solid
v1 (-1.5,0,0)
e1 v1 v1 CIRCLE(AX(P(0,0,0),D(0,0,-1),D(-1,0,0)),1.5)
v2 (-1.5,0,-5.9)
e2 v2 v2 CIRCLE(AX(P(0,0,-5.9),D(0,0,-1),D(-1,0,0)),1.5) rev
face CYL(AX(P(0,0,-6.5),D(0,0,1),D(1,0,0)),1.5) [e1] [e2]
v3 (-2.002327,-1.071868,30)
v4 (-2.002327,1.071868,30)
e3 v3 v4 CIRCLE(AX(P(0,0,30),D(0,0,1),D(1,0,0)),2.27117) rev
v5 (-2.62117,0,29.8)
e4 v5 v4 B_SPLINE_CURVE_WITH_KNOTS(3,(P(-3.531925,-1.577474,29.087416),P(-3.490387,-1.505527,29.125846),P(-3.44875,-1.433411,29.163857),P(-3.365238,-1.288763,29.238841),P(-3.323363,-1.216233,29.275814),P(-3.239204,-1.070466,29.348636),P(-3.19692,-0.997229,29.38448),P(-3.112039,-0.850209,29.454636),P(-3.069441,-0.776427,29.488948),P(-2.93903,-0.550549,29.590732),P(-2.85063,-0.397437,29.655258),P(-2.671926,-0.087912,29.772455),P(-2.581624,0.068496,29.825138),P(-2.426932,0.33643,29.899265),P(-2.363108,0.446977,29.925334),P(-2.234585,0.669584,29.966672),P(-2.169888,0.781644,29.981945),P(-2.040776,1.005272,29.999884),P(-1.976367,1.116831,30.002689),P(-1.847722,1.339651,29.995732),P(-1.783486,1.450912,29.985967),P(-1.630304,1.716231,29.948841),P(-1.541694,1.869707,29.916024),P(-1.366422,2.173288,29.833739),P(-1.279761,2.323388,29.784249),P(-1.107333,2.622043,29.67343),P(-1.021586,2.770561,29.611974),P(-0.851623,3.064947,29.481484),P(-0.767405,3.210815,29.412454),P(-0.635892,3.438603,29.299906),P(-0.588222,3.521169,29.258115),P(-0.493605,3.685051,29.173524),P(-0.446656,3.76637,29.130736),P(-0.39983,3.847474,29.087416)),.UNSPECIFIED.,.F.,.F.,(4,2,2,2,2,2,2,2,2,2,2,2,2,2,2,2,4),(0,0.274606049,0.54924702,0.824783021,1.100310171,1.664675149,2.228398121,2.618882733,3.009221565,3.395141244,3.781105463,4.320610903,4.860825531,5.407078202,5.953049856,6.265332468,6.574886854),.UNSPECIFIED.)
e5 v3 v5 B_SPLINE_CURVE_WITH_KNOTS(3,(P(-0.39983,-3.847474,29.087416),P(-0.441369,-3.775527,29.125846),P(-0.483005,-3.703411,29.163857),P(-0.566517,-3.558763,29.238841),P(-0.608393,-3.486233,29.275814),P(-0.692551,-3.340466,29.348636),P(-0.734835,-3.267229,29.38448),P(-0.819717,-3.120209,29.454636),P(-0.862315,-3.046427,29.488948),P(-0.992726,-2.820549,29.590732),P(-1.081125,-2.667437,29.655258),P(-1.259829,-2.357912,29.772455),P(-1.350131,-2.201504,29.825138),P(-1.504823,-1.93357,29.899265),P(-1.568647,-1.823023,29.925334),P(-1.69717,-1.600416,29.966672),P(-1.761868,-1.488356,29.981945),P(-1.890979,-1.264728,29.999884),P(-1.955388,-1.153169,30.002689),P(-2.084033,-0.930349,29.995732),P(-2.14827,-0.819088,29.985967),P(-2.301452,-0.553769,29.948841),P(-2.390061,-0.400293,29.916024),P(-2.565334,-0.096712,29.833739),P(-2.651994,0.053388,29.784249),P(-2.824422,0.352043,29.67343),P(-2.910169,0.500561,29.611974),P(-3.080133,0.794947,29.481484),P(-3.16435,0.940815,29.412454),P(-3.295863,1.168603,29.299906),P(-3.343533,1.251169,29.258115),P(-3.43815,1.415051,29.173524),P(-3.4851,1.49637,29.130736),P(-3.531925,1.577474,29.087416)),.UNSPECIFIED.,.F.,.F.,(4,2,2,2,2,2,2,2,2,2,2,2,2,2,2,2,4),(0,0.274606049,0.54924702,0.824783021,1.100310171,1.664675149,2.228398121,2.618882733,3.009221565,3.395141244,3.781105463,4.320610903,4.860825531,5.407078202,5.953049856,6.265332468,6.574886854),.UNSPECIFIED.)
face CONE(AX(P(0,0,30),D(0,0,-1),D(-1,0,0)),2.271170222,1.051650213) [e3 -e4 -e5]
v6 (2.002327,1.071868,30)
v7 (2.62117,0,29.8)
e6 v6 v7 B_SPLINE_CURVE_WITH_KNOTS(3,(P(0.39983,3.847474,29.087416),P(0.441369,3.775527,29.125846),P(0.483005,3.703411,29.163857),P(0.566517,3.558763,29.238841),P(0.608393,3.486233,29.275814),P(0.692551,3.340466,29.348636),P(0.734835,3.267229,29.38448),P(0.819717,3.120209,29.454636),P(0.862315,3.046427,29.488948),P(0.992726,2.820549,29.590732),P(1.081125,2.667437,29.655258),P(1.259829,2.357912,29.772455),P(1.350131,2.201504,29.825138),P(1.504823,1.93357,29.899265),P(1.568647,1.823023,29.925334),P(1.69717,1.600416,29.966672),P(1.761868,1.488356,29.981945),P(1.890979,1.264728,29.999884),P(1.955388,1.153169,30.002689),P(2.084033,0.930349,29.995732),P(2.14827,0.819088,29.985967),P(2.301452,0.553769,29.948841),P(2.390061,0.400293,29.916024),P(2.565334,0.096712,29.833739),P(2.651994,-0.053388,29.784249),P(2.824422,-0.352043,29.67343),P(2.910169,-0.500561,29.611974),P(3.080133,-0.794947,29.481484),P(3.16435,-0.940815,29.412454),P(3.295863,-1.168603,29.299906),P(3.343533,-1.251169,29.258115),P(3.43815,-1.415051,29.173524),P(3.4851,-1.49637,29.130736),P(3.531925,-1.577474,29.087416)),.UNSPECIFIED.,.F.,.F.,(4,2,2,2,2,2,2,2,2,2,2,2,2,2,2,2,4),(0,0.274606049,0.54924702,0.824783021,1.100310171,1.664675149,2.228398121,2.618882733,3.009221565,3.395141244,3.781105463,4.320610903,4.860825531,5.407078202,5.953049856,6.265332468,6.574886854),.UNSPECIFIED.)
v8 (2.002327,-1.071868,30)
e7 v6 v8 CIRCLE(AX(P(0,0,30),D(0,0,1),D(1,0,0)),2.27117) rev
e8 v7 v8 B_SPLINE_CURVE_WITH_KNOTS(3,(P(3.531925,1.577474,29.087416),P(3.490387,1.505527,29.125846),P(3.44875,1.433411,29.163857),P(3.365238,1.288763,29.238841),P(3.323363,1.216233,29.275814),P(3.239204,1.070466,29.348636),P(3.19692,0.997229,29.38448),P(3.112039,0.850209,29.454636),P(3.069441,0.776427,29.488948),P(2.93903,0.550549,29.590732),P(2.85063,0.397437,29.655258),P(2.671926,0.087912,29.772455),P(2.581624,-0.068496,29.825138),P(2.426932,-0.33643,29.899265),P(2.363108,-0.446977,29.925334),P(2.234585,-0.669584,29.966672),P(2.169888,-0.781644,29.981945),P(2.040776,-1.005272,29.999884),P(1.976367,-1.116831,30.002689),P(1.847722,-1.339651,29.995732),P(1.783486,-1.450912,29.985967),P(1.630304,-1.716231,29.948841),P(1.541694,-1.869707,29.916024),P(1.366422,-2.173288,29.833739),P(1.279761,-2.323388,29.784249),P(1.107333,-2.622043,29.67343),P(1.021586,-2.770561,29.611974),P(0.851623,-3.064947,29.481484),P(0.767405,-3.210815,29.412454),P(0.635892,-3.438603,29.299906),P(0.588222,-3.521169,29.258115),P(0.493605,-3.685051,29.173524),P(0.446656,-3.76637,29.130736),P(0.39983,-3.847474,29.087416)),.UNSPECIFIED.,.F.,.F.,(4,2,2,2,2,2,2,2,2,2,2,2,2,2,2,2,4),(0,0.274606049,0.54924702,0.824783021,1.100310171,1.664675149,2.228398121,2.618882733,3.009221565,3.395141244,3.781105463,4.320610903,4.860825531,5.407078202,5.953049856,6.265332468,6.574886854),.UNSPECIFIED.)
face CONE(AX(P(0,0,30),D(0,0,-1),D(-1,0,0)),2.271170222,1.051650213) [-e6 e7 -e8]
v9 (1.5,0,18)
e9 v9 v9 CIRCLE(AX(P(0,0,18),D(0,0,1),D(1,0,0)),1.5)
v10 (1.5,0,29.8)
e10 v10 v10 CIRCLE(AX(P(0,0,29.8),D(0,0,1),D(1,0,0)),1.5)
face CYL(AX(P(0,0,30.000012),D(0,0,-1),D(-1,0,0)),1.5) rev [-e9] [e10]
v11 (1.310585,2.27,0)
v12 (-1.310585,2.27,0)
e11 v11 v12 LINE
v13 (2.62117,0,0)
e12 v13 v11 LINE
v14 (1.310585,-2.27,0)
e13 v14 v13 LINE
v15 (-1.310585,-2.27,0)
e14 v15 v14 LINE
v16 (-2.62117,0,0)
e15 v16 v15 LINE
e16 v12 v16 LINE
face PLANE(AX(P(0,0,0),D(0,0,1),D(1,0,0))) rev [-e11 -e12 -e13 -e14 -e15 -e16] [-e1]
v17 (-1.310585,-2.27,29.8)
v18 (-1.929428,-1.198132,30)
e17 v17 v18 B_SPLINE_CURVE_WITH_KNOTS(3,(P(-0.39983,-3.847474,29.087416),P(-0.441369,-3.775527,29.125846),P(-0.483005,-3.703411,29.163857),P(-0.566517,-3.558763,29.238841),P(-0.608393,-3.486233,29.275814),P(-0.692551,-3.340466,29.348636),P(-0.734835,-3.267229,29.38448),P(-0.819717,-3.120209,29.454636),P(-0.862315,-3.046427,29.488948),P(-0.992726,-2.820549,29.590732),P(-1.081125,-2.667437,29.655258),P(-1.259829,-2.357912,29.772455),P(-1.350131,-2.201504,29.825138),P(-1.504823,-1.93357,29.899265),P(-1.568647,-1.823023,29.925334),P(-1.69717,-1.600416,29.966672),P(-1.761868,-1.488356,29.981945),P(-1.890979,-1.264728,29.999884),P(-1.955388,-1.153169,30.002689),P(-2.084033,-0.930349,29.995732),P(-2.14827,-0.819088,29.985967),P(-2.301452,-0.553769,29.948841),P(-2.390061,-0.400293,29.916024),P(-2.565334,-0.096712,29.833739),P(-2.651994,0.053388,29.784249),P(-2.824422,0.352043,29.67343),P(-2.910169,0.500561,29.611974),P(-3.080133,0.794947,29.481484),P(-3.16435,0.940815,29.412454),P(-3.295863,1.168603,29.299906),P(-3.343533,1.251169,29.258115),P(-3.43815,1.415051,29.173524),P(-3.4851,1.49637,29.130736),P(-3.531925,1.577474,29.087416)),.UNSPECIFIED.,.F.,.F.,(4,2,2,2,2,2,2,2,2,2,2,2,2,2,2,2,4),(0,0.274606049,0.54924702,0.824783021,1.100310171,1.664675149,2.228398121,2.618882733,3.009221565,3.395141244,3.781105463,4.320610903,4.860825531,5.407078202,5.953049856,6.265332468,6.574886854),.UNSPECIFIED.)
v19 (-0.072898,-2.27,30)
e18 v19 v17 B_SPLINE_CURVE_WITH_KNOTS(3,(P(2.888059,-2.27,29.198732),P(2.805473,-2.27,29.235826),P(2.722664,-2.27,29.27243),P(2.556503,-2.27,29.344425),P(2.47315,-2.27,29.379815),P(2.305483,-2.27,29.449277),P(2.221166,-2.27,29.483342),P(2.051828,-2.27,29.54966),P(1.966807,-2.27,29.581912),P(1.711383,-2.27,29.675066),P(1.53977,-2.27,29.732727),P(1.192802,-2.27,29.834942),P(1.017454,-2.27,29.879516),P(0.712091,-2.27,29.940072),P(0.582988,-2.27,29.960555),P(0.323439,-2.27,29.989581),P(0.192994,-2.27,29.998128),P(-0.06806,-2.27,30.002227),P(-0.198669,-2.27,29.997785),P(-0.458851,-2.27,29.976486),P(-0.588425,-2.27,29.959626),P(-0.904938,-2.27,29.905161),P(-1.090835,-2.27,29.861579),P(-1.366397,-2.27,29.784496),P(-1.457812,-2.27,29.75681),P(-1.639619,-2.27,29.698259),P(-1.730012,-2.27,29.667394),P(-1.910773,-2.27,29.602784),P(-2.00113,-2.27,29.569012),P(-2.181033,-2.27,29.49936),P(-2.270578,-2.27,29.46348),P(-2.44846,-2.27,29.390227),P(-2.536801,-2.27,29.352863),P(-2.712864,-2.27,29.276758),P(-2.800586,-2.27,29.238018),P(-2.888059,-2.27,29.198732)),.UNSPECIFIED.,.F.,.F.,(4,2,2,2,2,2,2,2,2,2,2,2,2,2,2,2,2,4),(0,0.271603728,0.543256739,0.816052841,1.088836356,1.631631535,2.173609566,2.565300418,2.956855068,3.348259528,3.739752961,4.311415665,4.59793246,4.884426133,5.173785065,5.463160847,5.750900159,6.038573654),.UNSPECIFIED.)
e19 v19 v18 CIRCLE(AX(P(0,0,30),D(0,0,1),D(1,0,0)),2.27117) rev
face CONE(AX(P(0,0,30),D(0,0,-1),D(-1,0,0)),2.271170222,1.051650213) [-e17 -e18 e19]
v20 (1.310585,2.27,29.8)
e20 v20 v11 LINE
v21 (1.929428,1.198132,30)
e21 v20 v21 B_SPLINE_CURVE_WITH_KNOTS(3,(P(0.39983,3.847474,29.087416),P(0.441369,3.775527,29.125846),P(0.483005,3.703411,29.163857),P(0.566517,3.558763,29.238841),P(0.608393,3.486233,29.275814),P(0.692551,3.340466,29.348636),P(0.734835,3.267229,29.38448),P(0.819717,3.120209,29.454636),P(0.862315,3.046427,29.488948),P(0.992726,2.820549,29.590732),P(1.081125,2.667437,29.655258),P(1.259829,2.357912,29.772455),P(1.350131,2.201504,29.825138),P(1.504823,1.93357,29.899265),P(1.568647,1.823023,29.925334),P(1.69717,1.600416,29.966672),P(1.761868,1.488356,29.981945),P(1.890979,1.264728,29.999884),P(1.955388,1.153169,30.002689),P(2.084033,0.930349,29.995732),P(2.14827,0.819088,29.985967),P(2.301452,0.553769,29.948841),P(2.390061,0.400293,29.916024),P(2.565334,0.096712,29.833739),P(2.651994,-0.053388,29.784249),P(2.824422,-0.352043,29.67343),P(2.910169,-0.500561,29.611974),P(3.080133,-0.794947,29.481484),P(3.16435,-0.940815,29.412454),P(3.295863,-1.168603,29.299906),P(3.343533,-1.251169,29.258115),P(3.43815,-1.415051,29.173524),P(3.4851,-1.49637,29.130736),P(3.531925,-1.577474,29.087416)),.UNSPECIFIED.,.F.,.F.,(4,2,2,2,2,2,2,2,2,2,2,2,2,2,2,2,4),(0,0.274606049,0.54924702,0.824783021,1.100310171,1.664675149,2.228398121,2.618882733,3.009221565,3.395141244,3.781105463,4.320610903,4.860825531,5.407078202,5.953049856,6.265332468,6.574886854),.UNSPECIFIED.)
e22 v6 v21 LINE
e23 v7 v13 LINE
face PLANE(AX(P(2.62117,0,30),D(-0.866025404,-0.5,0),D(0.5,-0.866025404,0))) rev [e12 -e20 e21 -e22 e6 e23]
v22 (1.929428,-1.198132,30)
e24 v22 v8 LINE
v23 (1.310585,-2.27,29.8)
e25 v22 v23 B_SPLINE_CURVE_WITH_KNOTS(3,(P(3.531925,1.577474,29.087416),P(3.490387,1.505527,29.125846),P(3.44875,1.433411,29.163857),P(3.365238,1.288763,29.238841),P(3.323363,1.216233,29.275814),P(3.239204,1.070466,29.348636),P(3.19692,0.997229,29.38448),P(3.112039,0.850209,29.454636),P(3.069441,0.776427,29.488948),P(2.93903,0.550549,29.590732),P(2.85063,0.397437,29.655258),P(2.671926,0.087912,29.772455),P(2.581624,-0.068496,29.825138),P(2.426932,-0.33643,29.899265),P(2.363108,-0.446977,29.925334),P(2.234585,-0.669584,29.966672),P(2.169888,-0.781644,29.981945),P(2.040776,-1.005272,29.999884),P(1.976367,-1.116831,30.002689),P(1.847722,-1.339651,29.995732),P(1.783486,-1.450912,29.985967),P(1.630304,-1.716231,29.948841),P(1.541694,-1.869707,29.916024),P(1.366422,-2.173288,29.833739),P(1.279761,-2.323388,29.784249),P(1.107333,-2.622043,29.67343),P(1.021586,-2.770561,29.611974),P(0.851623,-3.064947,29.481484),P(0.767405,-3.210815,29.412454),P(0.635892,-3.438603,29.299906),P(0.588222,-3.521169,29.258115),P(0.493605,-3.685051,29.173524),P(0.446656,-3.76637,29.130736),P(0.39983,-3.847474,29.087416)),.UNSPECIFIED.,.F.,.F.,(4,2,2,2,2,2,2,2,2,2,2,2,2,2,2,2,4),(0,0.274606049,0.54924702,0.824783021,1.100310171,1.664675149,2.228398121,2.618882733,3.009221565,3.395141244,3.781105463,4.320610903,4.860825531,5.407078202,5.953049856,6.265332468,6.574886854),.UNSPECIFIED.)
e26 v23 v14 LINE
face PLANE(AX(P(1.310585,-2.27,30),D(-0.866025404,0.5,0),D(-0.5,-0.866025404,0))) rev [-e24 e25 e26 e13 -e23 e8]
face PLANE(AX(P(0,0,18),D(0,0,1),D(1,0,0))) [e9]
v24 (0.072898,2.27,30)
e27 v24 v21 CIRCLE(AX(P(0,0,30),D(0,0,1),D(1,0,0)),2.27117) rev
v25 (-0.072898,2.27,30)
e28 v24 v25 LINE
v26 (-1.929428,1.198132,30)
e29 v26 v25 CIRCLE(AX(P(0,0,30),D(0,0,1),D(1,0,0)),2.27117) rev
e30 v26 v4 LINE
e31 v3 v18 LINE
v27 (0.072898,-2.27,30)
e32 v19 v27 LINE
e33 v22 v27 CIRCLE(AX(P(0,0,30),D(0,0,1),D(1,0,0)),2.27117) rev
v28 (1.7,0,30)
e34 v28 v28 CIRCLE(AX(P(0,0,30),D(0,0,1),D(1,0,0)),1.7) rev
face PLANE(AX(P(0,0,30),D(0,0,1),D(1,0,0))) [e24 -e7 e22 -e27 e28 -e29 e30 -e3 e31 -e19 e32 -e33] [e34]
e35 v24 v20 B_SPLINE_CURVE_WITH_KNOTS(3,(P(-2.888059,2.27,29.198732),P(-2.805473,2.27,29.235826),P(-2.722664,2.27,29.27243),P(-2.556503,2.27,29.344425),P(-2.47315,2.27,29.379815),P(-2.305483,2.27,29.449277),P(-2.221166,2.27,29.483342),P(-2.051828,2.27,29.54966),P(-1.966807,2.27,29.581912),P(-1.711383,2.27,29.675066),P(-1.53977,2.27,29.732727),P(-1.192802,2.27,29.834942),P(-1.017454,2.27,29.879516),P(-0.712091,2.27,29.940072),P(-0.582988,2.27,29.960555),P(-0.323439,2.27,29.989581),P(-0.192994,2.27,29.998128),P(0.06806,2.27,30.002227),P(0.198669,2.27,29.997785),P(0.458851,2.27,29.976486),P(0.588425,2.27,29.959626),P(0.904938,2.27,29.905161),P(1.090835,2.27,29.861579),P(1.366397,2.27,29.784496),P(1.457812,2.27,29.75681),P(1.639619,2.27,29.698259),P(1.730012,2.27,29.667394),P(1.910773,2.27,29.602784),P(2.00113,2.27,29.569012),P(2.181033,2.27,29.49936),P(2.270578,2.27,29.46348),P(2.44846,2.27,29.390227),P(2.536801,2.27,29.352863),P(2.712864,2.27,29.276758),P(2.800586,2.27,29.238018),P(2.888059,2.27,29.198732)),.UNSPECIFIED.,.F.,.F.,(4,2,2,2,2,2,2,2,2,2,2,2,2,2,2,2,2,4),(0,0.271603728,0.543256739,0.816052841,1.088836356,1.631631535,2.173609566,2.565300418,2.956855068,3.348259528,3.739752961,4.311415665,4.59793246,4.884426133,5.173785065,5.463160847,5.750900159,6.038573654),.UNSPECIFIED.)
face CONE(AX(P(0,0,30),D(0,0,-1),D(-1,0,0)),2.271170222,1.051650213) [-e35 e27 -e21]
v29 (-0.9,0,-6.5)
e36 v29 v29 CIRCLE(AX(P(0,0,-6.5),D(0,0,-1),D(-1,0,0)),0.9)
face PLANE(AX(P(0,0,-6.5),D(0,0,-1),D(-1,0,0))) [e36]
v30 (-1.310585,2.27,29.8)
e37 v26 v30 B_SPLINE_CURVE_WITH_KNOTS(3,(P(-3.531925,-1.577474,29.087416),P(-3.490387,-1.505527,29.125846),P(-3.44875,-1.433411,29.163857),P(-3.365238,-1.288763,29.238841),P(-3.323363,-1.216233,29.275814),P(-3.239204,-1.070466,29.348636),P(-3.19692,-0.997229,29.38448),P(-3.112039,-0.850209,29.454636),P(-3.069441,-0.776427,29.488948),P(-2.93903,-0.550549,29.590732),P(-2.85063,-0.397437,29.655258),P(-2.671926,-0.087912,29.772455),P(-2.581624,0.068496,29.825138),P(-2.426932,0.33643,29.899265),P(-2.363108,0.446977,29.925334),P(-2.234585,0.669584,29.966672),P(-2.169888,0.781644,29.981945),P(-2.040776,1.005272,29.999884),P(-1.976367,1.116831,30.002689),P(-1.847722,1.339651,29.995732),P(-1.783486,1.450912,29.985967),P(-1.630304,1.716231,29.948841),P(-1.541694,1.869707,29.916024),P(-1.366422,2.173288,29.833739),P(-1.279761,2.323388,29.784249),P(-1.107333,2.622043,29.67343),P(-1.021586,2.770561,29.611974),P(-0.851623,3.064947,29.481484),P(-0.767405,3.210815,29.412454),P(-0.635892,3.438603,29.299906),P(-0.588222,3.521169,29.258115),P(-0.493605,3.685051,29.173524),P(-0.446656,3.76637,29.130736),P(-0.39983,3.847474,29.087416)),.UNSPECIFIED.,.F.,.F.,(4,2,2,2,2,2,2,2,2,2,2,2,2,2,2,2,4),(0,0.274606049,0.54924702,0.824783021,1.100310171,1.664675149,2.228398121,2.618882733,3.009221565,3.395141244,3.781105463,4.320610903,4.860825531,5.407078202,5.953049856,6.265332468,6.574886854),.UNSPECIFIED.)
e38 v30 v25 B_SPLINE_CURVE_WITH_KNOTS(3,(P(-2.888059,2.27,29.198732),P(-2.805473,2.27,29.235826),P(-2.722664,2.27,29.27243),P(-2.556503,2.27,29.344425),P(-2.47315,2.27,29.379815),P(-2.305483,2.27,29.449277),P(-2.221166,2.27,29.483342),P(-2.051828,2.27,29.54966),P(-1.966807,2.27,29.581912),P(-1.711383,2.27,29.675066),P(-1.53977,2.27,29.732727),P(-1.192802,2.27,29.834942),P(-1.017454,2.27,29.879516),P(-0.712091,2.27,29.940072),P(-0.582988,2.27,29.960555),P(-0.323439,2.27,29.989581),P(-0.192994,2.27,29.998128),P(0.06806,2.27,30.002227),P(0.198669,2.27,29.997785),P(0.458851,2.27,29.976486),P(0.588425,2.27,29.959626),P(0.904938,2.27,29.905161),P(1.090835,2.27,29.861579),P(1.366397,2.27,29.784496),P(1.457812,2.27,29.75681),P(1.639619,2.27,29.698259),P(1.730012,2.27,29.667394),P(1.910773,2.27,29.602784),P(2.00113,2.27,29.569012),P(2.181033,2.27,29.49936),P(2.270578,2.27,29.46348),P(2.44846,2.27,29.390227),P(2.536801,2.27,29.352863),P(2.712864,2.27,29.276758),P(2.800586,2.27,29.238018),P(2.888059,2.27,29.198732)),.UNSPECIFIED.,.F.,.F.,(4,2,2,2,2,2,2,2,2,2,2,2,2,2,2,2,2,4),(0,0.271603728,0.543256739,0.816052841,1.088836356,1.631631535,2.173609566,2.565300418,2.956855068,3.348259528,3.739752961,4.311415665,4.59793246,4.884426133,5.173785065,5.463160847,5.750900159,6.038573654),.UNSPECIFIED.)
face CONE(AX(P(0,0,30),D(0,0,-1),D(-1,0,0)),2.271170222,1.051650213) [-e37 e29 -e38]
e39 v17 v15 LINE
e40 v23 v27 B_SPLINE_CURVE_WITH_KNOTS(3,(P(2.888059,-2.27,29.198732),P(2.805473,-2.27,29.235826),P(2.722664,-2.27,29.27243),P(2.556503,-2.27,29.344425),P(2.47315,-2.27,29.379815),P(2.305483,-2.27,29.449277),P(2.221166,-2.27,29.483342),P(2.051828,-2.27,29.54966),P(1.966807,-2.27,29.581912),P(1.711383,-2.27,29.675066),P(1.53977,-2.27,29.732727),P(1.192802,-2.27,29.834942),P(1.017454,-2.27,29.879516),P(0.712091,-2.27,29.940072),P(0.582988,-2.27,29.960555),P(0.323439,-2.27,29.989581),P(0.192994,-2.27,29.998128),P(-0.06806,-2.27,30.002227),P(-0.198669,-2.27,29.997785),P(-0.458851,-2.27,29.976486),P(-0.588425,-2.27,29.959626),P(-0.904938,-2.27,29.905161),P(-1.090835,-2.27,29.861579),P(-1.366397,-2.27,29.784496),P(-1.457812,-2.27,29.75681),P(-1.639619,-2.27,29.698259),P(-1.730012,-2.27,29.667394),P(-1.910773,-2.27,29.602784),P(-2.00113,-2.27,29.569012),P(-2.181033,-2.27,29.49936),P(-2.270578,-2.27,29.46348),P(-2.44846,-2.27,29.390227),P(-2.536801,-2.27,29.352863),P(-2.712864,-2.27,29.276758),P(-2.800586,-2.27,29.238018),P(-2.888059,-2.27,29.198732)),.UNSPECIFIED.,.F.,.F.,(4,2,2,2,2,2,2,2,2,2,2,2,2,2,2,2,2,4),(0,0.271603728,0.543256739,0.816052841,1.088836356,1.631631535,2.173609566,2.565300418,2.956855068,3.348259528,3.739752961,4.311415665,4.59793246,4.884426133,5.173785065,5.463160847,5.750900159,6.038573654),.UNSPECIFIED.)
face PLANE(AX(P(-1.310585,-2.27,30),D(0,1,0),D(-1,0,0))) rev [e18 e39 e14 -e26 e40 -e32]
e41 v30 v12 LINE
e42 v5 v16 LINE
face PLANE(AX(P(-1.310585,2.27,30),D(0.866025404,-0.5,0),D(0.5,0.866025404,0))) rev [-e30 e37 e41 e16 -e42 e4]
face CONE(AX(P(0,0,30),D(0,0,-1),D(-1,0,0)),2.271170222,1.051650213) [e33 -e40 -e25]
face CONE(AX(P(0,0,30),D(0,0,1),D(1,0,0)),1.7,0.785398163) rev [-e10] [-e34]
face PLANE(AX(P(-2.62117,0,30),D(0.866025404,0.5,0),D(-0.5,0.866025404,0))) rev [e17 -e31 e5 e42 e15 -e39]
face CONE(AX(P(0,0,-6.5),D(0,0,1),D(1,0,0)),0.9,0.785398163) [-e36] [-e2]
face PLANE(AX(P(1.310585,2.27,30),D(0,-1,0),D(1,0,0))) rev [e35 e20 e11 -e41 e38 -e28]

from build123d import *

# Parameters (mm, degrees)
BOSS_EXTRUDE1_DEPTH     = 30
SKETCH2_R               = 1.5
CUT_EXTRUDE1_DEPTH      = 1
CUT_EXTRUDE1_DEPTH_BACK = 12
CHAMFER1_SIZE           = 0.2
SKETCH4_R               = 1.5
BOSS_EXTRUDE2_DEPTH     = 6.5
CHAMFER2_SIZE           = 0.6


with BuildPart() as part:
    # Sketch1 → Boss-Extrude1 (new body)
    with BuildSketch(Plane.XY):
        Polygon((2.621170222, 0), (1.310585111, 2.27), (-1.310585111, 2.27), (-2.621170222, 0), (-1.310585111, -2.27), (1.310585111, -2.27), align=None)
    extrude(amount=BOSS_EXTRUDE1_DEPTH)

    # Sketch2 → Cut-Extrude1 (cut, two sides)
    with BuildSketch(Plane.XY.offset(30)) as cut_extrude1_sk:
        Circle(SKETCH2_R)
    extrude(amount=CUT_EXTRUDE1_DEPTH, mode=Mode.SUBTRACT)
    extrude(cut_extrude1_sk.sketch, amount=-CUT_EXTRUDE1_DEPTH_BACK, mode=Mode.SUBTRACT)

    # Sketch3 → Cut-Revolve1 (revolve, cut)
    with BuildSketch(Plane(origin=(0, 0, 0), x_dir=(1, 0, 0), z_dir=(0, 1, 0))):
        Polygon((-2.621170222, -30), (-2.271170222, -30), (-2.621170222, -29.8), align=None)
    revolve(axis=Axis((0, 0, 18), (0, 0, 1)), mode=Mode.SUBTRACT)

    # Chamfer1
    chamfer1_edges = [part.edges().sort_by_distance(p)[0] for p in [
        (-1.5, 0, 30),
    ]]
    chamfer(chamfer1_edges, length=CHAMFER1_SIZE)

    # Sketch4 → Boss-Extrude2 (add)
    with BuildSketch(Plane(origin=(0, 0, 0), x_dir=(-1, 0, 0), z_dir=(0, 0, -1))):
        Circle(SKETCH4_R)
    extrude(amount=BOSS_EXTRUDE2_DEPTH)

    # Chamfer2
    chamfer2_edges = [part.edges().sort_by_distance(p)[0] for p in [
        (1.5, 0, -6.5),
    ]]
    chamfer(chamfer2_edges, length=CHAMFER2_SIZE)


solid = part.part
